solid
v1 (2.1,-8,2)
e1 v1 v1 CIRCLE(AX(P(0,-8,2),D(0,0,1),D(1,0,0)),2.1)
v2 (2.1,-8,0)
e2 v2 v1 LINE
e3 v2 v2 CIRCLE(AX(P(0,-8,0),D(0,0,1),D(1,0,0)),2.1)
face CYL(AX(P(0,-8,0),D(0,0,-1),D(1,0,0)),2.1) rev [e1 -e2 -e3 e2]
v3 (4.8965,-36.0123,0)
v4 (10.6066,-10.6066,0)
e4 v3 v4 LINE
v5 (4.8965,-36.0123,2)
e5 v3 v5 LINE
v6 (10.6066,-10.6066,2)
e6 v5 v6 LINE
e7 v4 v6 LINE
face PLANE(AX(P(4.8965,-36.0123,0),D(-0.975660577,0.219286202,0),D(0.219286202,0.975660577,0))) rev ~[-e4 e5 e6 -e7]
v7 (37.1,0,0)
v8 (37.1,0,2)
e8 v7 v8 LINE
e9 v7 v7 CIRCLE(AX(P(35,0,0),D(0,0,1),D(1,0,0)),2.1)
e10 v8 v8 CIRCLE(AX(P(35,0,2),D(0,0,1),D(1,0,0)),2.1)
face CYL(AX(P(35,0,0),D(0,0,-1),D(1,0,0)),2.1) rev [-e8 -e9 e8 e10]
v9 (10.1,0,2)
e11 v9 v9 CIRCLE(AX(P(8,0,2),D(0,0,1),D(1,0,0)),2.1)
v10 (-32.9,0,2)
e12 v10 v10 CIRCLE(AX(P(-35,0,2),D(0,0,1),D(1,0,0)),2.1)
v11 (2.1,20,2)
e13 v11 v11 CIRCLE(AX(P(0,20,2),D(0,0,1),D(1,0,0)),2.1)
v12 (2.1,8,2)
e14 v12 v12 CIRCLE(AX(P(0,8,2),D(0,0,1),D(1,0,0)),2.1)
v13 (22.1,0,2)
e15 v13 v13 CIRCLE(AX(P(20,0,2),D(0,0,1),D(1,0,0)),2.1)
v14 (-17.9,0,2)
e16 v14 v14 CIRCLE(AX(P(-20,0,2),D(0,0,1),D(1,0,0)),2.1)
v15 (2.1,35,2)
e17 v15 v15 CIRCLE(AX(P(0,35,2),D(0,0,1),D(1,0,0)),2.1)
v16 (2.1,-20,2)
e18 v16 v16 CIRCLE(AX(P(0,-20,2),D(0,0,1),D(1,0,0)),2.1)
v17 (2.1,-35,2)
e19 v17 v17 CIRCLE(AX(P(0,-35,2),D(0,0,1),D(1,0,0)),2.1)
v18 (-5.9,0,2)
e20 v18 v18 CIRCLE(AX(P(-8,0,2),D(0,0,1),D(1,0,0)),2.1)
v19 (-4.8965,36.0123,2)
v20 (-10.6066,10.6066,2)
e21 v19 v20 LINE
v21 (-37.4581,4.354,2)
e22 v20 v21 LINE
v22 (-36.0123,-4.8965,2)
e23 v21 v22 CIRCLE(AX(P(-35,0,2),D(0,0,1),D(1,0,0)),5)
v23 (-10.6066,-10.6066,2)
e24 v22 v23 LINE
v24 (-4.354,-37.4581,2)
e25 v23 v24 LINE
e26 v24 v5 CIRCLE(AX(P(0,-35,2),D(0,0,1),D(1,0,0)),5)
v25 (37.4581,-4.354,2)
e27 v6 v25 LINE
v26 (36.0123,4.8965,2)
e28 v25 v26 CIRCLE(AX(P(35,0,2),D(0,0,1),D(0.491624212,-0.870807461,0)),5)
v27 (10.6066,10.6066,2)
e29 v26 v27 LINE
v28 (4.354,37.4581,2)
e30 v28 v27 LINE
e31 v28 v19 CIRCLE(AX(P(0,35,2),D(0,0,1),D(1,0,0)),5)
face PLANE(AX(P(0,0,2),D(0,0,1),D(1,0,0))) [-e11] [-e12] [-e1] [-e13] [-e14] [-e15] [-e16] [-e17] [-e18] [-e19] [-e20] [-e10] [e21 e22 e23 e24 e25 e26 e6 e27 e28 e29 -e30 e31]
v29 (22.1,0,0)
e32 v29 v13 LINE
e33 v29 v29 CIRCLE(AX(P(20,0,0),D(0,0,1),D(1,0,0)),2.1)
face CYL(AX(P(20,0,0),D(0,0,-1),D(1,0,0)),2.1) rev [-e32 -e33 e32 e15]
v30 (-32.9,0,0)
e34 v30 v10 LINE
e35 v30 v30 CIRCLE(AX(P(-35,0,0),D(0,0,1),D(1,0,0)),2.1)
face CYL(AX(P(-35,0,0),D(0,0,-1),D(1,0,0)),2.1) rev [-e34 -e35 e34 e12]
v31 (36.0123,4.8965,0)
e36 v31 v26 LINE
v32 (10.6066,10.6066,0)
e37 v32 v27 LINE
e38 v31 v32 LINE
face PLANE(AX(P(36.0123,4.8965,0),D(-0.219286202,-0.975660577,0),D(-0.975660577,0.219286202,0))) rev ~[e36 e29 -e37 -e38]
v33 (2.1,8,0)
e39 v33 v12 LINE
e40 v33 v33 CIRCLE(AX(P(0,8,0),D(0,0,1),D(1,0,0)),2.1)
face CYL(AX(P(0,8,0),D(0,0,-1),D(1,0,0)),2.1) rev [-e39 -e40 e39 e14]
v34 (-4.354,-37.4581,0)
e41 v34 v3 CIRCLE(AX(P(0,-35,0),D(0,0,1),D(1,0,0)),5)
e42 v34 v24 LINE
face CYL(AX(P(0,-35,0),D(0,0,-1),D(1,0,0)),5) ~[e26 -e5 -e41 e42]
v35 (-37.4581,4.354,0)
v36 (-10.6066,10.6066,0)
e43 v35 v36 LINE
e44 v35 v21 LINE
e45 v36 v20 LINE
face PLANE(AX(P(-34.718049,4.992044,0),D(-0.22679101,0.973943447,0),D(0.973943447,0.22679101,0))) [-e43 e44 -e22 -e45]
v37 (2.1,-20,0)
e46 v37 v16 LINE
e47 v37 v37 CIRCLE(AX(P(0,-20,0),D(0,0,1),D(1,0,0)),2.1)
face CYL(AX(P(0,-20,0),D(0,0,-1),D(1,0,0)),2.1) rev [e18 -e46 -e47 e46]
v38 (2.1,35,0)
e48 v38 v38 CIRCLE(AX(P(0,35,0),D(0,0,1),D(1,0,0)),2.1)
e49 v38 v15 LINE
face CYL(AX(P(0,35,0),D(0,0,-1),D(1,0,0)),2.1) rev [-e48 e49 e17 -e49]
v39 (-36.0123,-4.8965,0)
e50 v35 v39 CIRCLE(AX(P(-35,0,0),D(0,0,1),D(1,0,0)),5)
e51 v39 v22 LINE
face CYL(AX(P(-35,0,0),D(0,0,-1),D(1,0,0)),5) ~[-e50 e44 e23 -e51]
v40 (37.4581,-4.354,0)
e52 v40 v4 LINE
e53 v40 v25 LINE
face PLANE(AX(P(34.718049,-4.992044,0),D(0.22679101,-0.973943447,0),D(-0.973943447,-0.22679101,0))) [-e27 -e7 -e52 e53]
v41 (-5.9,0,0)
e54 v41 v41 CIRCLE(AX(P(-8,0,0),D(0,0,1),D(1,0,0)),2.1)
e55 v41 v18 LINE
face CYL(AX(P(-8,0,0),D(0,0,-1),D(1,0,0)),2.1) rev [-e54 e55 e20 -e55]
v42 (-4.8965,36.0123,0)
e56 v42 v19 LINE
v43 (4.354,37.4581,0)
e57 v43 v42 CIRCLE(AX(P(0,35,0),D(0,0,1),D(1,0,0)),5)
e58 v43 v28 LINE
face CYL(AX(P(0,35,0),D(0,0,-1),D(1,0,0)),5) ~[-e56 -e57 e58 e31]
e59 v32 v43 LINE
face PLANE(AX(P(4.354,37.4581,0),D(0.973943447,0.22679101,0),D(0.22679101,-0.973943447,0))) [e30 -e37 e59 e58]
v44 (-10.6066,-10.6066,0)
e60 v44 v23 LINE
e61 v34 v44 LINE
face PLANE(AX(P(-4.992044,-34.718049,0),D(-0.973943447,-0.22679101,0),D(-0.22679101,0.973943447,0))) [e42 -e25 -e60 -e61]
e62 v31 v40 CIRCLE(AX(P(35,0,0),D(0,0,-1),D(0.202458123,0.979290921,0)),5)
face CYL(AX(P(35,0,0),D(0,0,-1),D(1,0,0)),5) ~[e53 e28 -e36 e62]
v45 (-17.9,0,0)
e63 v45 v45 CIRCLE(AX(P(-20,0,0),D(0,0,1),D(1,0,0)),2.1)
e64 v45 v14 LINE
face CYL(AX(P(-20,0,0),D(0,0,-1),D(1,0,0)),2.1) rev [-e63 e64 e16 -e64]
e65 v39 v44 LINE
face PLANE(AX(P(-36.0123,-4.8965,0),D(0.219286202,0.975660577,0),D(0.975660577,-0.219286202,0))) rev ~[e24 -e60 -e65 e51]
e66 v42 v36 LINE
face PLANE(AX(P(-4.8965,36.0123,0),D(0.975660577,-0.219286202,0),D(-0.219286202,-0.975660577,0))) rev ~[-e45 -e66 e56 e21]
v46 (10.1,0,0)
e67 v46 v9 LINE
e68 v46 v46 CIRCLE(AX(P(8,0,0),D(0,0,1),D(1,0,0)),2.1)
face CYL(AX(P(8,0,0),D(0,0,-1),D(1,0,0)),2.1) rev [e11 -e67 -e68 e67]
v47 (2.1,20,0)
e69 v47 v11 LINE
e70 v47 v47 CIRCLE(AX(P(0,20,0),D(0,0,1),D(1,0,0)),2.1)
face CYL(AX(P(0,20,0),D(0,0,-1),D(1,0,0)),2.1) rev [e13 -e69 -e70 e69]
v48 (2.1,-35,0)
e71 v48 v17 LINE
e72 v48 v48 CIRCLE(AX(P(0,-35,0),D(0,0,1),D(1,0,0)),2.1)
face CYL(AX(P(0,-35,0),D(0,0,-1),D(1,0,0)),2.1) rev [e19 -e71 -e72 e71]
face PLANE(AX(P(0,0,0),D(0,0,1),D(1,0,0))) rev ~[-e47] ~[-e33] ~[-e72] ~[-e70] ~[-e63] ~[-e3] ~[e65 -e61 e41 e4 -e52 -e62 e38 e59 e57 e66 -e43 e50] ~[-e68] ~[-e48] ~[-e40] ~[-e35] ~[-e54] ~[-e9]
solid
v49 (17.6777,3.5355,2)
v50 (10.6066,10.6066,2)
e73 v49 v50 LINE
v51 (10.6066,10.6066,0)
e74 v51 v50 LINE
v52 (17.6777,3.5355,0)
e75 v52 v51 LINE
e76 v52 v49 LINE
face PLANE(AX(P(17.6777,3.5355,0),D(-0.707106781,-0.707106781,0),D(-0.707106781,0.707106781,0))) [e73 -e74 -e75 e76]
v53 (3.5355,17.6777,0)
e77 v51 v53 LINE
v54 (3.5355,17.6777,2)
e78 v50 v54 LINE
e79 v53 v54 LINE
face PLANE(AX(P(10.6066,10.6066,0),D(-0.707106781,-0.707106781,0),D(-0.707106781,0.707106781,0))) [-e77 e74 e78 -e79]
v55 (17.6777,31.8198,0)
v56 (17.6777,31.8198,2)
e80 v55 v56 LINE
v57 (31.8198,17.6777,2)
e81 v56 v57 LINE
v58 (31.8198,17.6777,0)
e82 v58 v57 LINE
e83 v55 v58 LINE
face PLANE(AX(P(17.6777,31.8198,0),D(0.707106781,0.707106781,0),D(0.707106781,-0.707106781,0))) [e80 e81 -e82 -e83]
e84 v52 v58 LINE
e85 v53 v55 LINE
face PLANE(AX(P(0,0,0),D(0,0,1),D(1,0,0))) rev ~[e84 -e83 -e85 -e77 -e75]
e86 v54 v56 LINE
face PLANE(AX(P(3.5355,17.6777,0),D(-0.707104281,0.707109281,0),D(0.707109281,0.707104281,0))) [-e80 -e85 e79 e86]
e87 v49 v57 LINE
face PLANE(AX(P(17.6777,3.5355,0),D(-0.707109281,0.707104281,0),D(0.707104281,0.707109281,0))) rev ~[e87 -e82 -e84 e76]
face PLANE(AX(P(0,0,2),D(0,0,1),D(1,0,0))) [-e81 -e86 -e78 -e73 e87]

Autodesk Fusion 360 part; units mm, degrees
sketch "Frame" plane through (0, 0, 0) normal (0, 0, 1) x (1, 0, 0)
  circle A0 centre (0, 0) radius 35 construction
  circle A1 centre (0, 0) radius 8 construction
  line L0 (0, 0) -> (0, 2.9787)
  line L1 (0, 2.9787) -> (0, 35) construction
  circle A2 centre (0, 8) radius 2.1
  circle A3 centre (0, 0) radius 11 construction
  circle A4 centre (0, 0) radius 20 construction
  circle A5 centre (0, 35) radius 2.1
  circle A6 centre (0, 20) radius 2.1
  circle A7 centre (0, 35) radius 5
  line L2 (0, 0) -> (24.7487, 24.7487) construction
  line L3 (0, 0) -> (35, 0) construction
  line L4 (0, 21.2132) -> (-21.2132, 0) construction
  line L5 (-21.2132, 0) -> (0, -21.2132) construction
  line L6 (0, -21.2132) -> (21.2132, 0) construction
  line L7 (21.2132, 0) -> (0, 21.2132) construction
  line L8 (-4.8965, 36.0123) -> (-10.6066, 10.6066)
  line L9 (4.354, 37.4581) -> (10.6066, 10.6066)
  line L10 (-37.4581, 4.354) -> (-10.6066, 10.6066)
  line L11 (-36.0123, -4.8965) -> (-10.6066, -10.6066)
  circle A8 centre (-35, 0) radius 5
  circle A9 centre (-35, 0) radius 2.1
  circle A10 centre (-20, 0) radius 2.1
  circle A11 centre (-8, 0) radius 2.1
  line L12 (-4.354, -37.4581) -> (-10.6066, -10.6066)
  line L13 (4.8965, -36.0123) -> (10.6066, -10.6066)
  circle A12 centre (0, -35) radius 5
  circle A13 centre (0, -35) radius 2.1
  circle A14 centre (0, -20) radius 2.1
  circle A15 centre (0, -8) radius 2.1
  line L14 (37.4581, -4.354) -> (10.6066, -10.6066)
  line L15 (36.0123, 4.8965) -> (10.6066, 10.6066)
  circle A16 centre (35, 0) radius 5
  circle A17 centre (35, 0) radius 2.1
  circle A18 centre (20, 0) radius 2.1
  circle A19 centre (8, 0) radius 2.1
  dimension "d1" = 70
  dimension "d2" = 16
  dimension "d3" = 4.2
  dimension "d4" = 22
  dimension "d5" = 40
  dimension "d6" = 4.2
  dimension "d7" = 4.2
  dimension "d8" = 10
  dimension "d10" = 45
  dimension "d11" = 15
  dimension "d13" = 360
sketch "Wire Rest" plane through (0, 0, 0) normal (0, 0, 1) x (1, 0, 0)
  line L0 (21.2132, 0) -> (0, 21.2132)
  line L1 (10.6066, 10.6066) -> (3.5355, 17.6777)
  line L2 (10.6066, 10.6066) -> (17.6777, 3.5355)
  line L3 (3.5355, 17.6777) -> (17.6777, 31.8198)
  line L4 (17.6777, 3.5355) -> (31.8198, 17.6777)
  line L5 (17.6777, 31.8198) -> (31.8198, 17.6777)
  dimension "d14" = 10
  dimension "d15" = 10
  dimension "d16" = 20
  dimension "d18" = 20
extrude "Extrude1" add sketch "Frame" along normal blind 2 contours A7 L9 | A7 L8 L9 L10 L11 A8 L12 L13 A12 L14 L15 A16 | L14 A16 | L10 A8 | L12 A12 picked at (3.7843, 35.9318) picked at (35.8812, -3.7978) picked at (-35.8812, 3.7978) picked at (-3.7843, -35.9318) makes body 1
extrude "Extrude2" add sketch "Wire Rest" along normal blind 2 separate body makes body 2
